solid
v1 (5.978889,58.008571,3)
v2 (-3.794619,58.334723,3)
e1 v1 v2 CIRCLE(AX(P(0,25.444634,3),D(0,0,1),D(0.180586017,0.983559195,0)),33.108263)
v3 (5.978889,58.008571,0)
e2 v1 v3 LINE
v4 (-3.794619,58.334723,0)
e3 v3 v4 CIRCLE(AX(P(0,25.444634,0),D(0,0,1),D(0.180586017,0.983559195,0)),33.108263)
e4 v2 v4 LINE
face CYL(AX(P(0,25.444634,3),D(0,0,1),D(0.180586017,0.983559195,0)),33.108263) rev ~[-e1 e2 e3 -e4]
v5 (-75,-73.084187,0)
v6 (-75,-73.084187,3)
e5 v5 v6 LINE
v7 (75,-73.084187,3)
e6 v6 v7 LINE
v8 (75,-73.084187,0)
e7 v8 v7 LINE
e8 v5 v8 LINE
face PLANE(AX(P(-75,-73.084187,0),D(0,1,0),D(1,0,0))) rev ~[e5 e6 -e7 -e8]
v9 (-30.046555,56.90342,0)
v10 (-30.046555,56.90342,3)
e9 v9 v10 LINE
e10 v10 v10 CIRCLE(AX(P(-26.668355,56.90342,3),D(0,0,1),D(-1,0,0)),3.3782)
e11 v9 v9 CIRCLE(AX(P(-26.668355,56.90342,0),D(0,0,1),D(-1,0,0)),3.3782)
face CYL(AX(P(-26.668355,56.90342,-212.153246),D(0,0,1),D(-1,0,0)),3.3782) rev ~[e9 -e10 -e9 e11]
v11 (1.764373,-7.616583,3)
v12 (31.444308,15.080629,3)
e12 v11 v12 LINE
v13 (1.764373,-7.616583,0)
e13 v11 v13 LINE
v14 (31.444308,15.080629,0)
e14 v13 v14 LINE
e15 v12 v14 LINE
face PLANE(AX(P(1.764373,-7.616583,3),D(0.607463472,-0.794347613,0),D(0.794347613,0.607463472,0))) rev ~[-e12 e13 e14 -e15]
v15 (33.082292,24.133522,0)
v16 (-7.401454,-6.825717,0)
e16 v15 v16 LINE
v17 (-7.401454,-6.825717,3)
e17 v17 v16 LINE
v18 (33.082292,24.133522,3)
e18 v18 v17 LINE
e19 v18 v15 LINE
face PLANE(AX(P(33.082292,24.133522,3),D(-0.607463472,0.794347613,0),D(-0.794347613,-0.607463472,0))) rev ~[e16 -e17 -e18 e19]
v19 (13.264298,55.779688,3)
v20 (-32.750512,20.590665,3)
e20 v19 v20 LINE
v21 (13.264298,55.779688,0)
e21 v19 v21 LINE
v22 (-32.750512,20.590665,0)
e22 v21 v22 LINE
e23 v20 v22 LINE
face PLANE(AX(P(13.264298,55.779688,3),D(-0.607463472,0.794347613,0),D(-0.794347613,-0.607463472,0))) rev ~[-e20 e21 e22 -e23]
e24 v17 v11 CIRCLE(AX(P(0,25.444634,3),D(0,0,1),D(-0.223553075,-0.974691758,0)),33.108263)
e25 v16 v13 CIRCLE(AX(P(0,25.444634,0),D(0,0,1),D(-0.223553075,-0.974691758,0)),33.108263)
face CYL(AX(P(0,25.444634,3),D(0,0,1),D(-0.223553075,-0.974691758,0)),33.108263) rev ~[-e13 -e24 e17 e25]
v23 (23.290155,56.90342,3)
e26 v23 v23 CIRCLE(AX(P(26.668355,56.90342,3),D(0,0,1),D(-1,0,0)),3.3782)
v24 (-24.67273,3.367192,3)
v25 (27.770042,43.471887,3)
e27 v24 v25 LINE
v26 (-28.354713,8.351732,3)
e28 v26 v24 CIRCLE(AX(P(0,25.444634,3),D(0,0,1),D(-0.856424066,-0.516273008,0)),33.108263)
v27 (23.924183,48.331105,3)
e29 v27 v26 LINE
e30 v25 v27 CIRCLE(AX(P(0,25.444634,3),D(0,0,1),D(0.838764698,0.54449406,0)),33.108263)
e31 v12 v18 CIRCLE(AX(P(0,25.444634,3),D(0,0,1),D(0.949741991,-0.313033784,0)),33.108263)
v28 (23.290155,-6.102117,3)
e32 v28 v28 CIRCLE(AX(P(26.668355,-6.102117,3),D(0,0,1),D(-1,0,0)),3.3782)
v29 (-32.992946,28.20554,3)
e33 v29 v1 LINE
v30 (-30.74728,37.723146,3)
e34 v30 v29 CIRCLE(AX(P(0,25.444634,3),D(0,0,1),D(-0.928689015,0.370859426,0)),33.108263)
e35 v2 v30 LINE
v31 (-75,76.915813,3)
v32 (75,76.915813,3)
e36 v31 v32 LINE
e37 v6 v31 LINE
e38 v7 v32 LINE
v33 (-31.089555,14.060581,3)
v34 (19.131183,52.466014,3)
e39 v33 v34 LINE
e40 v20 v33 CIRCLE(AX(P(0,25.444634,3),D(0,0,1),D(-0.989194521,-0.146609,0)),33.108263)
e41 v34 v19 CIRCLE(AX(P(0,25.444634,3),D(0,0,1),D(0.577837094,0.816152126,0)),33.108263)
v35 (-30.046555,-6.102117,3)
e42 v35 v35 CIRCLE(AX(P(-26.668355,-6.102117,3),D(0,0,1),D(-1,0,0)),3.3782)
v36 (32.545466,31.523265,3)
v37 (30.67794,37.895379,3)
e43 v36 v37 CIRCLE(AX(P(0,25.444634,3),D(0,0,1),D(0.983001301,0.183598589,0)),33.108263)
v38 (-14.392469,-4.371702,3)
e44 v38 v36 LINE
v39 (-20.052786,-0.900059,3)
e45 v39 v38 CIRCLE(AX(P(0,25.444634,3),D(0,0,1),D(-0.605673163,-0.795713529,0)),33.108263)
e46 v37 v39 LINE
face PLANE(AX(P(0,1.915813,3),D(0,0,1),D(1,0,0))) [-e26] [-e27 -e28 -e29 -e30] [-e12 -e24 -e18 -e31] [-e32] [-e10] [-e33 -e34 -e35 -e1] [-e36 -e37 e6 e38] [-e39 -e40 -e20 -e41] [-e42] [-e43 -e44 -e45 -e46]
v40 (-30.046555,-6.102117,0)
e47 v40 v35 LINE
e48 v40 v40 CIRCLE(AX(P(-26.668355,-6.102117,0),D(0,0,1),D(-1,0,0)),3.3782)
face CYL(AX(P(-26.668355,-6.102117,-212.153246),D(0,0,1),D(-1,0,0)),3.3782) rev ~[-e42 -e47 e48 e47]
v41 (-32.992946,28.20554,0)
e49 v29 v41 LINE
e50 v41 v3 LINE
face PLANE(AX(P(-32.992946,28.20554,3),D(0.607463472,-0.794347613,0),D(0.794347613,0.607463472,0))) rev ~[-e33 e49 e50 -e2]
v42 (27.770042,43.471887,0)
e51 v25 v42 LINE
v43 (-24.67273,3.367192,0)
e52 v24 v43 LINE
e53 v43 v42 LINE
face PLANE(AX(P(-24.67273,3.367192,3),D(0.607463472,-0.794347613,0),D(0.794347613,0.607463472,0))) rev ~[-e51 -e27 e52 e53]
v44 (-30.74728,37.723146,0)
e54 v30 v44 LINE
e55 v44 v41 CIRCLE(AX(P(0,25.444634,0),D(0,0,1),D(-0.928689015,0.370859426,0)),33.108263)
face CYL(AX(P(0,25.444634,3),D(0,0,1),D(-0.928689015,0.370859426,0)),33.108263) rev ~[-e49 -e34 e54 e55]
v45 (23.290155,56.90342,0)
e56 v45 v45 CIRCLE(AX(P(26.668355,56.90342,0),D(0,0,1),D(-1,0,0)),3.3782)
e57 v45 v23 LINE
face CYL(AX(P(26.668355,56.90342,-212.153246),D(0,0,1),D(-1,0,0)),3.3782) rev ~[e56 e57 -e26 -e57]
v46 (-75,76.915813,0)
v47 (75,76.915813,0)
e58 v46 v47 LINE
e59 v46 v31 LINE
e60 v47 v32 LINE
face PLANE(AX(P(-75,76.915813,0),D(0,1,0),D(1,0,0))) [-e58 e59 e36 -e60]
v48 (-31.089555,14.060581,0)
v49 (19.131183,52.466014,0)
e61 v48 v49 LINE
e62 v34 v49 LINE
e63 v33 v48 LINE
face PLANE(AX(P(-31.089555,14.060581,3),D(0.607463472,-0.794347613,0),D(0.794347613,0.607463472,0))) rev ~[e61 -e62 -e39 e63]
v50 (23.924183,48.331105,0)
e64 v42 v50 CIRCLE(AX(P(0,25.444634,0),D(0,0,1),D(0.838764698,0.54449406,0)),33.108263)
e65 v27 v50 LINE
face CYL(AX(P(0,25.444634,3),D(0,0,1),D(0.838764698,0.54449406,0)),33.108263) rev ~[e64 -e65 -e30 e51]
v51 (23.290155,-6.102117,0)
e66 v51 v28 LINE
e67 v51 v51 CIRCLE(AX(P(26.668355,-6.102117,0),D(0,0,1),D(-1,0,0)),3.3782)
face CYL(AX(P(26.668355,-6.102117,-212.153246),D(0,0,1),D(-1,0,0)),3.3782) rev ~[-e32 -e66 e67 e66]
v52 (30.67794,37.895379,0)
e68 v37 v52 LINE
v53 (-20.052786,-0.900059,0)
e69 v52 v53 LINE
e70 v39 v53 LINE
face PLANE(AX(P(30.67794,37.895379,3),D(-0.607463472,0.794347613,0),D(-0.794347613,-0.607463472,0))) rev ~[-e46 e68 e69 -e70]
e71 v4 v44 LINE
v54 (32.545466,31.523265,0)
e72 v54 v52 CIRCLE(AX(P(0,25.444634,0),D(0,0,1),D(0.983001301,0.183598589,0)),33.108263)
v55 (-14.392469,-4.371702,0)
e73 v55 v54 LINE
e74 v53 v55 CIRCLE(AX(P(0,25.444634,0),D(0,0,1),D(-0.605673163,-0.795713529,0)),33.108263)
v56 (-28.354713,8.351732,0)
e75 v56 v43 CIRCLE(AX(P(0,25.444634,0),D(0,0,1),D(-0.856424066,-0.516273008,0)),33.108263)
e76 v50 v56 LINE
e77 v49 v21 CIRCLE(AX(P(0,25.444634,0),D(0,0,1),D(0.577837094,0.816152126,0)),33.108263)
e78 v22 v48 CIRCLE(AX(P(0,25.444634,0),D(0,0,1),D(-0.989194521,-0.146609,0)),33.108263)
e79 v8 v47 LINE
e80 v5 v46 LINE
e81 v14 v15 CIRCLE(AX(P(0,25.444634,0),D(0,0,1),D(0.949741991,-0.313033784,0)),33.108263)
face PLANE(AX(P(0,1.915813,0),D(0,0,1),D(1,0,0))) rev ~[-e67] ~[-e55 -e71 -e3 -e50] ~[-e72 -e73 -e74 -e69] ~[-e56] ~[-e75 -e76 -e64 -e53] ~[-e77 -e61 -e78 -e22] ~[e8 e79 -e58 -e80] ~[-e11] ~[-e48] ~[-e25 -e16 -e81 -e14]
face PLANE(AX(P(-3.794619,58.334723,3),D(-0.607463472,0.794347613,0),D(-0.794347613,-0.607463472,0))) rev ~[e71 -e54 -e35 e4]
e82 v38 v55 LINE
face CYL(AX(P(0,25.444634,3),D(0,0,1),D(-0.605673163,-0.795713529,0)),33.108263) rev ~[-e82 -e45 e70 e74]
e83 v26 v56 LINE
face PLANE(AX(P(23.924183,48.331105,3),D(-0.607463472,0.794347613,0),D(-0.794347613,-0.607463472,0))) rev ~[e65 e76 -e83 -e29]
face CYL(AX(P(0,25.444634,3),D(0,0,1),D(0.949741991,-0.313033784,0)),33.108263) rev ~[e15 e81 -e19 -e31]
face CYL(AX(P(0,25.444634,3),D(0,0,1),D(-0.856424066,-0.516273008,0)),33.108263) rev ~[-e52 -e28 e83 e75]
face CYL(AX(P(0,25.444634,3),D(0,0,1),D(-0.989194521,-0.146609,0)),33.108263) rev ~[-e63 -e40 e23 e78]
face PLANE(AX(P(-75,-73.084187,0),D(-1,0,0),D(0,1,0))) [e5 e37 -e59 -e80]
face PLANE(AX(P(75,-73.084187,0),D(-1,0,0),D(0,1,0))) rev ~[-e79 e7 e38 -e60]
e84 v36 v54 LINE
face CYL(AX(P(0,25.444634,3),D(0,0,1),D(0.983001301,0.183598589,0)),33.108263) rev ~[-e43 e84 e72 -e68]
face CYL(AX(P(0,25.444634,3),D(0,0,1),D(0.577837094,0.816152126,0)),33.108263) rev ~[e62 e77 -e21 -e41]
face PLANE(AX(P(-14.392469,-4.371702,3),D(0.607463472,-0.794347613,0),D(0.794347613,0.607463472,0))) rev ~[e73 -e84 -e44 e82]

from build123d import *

# Parameters (mm, degrees)
F0_W     = 150
F0_H     = 150
F1_DEPTH = 3
F2_D     = 6.7564
F4_DEPTH = 25


with BuildPart() as f1:
    # F0 (on Top) → F1 (new body)
    with BuildSketch(Plane.XY):
        with Locations((0, 1.9158130744)):
            Rectangle(F0_W, F0_H)
    extrude(amount=F1_DEPTH)

    # F2 (through all)
    with Locations(Plane(origin=(0, 0, 0), x_dir=(1, 0, 0), z_dir=(0, 0, -1))):
        with Locations((-26.6683554199, -56.9034204527), (26.6683554199, -56.9034204527), (-26.6683554199, 6.102117215), (26.6683554199, 6.102117215)):
            Hole(F2_D / 2)

    # F3 (on face) → F4 (cut)
    with BuildSketch(Plane.XY.offset(3)):
        with BuildLine():
            Line((-3.7946185299, 58.3347232517), (-30.747280214, 37.7231456992))
            ThreePointArc((-30.747280214, 37.7231456992), (-32.2234435202, 33.0477107055), (-32.9929459562, 28.2055400674))
            Line((-32.9929459562, 28.2055400674), (5.9788893458, 58.0085708442))
            ThreePointArc((5.9788893458, 58.0085708442), (1.1042434503, 58.5344775669), (-3.7946185299, 58.3347232517))
        make_face()
        with BuildLine():
            Line((13.2642979666, 55.7796879625), (-32.7505124435, 20.5906649099))
            ThreePointArc((-32.7505124435, 20.5906649099), (-32.0865867054, 17.2832595371), (-31.0895548602, 14.0605812744))
            Line((-31.0895548602, 14.0605812744), (19.1311825167, 52.4660135586))
            ThreePointArc((19.1311825167, 52.4660135586), (16.2822571669, 54.2724885893), (13.2642979666, 55.7796879625))
        make_face()
        with BuildLine():
            Line((23.9241830701, 48.3311051134), (-28.3547132801, 8.3517316803))
            ThreePointArc((-28.3547132801, 8.3517316803), (-26.6305999484, 5.7731261787), (-24.6727303472, 3.3671919031))
            Line((-24.6727303472, 3.3671919031), (27.7700422707, 43.4718868513))
            ThreePointArc((27.7700422707, 43.4718868513), (25.96105225, 45.9916741873), (23.9241830701, 48.3311051134))
        make_face()
        with BuildLine():
            Line((30.6779404767, 37.8953792911), (-20.0527864197, -0.900058576))
            ThreePointArc((-20.0527864197, -0.900058576), (-17.3098813008, -2.7781418823), (-14.3924694915, -4.371701963))
            Line((-14.3924694915, -4.371701963), (32.545465682, 31.5232646388))
            ThreePointArc((32.545465682, 31.5232646388), (31.7718544133, 34.7562587621), (30.6779404767, 37.8953792911))
        make_face()
        with BuildLine():
            Line((33.0822923496, 24.1335215078), (-7.4014540257, -6.8257168713))
            ThreePointArc((-7.4014540257, -6.8257168713), (-2.8461445024, -7.5410678745), (1.7643727579, -7.6165827867))
            Line((1.7643727579, -7.6165827867), (31.4443076996, 15.0806293838))
            ThreePointArc((31.4443076996, 15.0806293838), (32.5792762723, 19.5499042969), (33.0822923496, 24.1335215078))
        make_face()
    extrude(amount=-F4_DEPTH, mode=Mode.SUBTRACT)


solid = f1.part
